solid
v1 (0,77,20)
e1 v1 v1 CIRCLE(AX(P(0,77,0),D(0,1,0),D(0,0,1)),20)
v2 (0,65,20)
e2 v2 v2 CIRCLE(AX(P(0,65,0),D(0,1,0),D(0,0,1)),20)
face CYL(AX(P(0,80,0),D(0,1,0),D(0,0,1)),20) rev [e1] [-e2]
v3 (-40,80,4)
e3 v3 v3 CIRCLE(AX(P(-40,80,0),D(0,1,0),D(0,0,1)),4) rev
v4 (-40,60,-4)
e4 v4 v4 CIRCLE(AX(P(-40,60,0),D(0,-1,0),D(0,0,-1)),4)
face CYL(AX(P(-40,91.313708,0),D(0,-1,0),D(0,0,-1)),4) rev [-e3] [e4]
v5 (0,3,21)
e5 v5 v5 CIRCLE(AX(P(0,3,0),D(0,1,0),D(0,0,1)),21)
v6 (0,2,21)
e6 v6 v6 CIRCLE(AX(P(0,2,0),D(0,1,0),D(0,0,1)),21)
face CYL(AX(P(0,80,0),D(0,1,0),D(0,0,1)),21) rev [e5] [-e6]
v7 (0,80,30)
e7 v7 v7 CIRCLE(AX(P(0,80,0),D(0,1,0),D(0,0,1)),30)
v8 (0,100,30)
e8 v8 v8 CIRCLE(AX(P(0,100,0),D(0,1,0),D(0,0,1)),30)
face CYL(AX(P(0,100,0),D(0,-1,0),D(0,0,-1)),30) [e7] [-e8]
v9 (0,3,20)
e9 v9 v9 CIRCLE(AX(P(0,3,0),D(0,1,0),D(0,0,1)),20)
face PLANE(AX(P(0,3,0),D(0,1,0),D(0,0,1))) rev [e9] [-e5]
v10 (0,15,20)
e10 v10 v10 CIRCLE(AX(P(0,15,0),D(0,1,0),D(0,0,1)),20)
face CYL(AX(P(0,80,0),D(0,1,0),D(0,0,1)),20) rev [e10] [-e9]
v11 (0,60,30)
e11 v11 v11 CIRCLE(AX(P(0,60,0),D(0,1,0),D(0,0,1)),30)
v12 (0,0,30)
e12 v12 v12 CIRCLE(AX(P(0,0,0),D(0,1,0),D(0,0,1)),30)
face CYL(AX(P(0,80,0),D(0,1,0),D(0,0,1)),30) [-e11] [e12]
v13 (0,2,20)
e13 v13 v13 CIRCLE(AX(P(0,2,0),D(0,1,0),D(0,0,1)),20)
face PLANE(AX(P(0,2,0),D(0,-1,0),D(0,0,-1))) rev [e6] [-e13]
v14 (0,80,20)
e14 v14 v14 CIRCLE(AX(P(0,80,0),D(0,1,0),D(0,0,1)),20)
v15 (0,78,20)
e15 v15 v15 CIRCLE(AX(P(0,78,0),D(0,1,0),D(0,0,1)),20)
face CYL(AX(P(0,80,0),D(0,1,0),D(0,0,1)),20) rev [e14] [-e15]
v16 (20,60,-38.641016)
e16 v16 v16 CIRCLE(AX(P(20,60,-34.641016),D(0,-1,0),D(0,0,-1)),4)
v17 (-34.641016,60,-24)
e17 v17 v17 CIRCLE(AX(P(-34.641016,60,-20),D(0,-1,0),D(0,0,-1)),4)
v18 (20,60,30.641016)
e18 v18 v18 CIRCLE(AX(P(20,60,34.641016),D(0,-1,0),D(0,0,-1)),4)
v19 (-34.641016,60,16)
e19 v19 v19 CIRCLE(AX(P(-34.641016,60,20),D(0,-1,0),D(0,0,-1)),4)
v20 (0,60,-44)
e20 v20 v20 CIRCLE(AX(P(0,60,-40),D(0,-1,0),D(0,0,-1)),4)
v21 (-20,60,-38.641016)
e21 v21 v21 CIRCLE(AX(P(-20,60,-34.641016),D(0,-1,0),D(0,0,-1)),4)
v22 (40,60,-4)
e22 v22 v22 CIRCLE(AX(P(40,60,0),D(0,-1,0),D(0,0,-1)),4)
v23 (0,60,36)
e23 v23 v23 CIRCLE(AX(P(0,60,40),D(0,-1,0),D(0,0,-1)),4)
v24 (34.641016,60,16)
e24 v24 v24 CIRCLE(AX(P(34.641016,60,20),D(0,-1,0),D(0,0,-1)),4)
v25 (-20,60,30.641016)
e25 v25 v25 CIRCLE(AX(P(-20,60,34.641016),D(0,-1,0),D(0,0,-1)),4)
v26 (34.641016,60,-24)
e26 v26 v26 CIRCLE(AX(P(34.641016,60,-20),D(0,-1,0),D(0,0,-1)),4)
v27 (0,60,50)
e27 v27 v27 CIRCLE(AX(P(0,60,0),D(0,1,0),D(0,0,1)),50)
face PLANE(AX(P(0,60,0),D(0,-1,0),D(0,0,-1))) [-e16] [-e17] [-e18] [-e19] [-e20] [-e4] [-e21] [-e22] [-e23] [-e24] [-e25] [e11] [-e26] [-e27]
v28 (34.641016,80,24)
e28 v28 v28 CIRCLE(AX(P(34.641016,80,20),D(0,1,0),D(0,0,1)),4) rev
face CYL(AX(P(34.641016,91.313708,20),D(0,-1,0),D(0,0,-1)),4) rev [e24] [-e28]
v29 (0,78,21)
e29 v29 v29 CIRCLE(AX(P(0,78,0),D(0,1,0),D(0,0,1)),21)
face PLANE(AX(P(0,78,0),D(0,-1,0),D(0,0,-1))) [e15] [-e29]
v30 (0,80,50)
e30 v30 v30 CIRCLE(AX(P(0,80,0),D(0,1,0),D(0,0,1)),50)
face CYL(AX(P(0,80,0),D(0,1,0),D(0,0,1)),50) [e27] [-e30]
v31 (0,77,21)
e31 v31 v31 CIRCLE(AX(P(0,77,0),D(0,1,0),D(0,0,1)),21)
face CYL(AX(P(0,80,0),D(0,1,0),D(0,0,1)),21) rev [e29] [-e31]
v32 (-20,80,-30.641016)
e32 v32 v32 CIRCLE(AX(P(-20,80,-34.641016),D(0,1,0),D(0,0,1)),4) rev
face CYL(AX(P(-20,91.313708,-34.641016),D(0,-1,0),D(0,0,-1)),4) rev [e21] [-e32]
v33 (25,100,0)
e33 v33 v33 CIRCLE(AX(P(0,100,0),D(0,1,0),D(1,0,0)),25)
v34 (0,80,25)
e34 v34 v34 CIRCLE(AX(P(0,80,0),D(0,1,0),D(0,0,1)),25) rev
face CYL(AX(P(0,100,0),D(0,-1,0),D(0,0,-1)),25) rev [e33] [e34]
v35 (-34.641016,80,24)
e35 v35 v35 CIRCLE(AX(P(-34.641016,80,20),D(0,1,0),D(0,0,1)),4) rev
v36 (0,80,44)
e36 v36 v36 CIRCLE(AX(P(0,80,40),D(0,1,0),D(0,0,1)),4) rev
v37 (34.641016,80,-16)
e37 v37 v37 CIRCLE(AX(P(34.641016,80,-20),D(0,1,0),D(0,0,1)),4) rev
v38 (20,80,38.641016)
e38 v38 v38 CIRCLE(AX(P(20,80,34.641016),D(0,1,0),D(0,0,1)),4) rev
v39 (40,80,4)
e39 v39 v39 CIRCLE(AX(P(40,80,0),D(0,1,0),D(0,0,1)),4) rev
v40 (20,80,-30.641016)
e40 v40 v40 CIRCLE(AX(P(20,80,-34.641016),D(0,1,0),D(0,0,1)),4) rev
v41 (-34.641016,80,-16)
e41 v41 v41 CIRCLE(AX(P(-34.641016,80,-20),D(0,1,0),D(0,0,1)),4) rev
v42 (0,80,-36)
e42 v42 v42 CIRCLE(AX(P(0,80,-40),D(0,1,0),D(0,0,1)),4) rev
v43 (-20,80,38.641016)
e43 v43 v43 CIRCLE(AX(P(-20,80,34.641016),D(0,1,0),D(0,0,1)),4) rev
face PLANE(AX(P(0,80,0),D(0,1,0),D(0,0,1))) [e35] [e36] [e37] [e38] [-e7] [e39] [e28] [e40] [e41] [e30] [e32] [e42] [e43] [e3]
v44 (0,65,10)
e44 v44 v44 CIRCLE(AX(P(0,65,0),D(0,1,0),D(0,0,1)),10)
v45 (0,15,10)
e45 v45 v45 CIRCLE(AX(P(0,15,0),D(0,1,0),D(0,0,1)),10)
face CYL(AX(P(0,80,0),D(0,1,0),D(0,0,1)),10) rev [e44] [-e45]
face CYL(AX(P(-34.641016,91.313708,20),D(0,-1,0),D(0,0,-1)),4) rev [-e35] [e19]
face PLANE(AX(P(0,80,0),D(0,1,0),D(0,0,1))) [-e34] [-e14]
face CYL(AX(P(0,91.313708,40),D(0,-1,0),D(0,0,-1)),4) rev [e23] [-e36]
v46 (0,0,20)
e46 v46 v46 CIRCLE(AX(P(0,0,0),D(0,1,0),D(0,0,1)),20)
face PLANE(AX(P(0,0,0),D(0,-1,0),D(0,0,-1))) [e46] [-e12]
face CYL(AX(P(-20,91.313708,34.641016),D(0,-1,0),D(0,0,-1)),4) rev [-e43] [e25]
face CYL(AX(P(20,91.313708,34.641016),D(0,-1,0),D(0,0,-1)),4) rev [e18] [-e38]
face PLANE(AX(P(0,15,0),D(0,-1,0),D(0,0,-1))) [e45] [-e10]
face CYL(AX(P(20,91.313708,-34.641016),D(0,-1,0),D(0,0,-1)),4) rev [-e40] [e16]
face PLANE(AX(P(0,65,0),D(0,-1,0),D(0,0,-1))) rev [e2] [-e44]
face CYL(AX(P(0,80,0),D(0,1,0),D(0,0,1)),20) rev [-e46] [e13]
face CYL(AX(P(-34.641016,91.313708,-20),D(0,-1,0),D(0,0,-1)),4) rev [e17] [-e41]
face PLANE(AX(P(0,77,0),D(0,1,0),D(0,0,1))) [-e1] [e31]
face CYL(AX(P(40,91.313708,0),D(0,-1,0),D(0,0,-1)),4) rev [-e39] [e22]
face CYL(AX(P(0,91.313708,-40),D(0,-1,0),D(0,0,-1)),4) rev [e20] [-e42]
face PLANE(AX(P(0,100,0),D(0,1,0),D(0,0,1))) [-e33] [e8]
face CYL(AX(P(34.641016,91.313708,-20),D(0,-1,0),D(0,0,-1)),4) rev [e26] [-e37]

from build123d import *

# Parameters (mm, degrees)
SKETCH2_R           = 4
CUT_EXTRUDE1_DEPTH  = 20
EXTRUDE_THIN1_START = 20
SKETCH3_R           = 30
SKETCH3_R_2         = 25
EXTRUDE_THIN1_DEPTH = 20


with BuildPart() as part:
    # Sketch1 → Revolve1 (revolve)
    with BuildSketch(Plane.XY, mode=Mode.PRIVATE) as revolve1_sk:
        Polygon((50, 80), (20, 80), (20, 78), (21, 78), (21, 77), (20, 77), (20, 65), (10, 65), (10, 15), (20, 15), (20, 3), (21, 3), (21, 2), (20, 2), (20, 0), (30, 0), (30, 60), (50, 60), align=None)
    revolve(revolve1_sk.sketch.rotate(Axis((0, 80, 0), (0, -1, 0)), 90), axis=Axis((0, 80, 0), (0, -1, 0)))

    # Sketch2 → Cut-Extrude1 (cut)
    with BuildSketch(Plane.XZ.offset(-60)):
        with Locations(Location((0, 40, 0), (0, 0, 270))):
            Circle(SKETCH2_R)
        with Locations(Location((20, 34.641016151, 0), (0, 0, 270))):
            Circle(SKETCH2_R)
        with Locations(Location((34.641016151, 20, 0), (0, 0, 270))):
            Circle(SKETCH2_R)
        with Locations(Location((40, 0, 0), (0, 0, 270))):
            Circle(SKETCH2_R)
        with Locations(Location((34.641016151, -20, 0), (0, 0, 270))):
            Circle(SKETCH2_R)
        with Locations(Location((20, -34.641016151, 0), (0, 0, 270))):
            Circle(SKETCH2_R)
        with Locations(Location((0, -40, 0), (0, 0, 270))):
            Circle(SKETCH2_R)
        with Locations(Location((-20, -34.641016151, 0), (0, 0, 270))):
            Circle(SKETCH2_R)
        with Locations(Location((-34.641016151, -20, 0), (0, 0, 270))):
            Circle(SKETCH2_R)
        with Locations(Location((-40, 0, 0), (0, 0, 270))):
            Circle(SKETCH2_R)
        with Locations(Location((-34.641016151, 20, 0), (0, 0, 270))):
            Circle(SKETCH2_R)
        with Locations(Location((-20, 34.641016151, 0), (0, 0, 270))):
            Circle(SKETCH2_R)
    extrude(amount=-CUT_EXTRUDE1_DEPTH, mode=Mode.SUBTRACT)

    # Sketch3 → Extrude-Thin1 (add)
    with BuildSketch(Plane(origin=(0, 80, 0), x_dir=(1, 0, 0), z_dir=(0, 1, 0)).offset(EXTRUDE_THIN1_START)):
        Circle(SKETCH3_R)
        Circle(SKETCH3_R_2, mode=Mode.SUBTRACT)
    extrude(amount=-EXTRUDE_THIN1_DEPTH)


solid = part.part
